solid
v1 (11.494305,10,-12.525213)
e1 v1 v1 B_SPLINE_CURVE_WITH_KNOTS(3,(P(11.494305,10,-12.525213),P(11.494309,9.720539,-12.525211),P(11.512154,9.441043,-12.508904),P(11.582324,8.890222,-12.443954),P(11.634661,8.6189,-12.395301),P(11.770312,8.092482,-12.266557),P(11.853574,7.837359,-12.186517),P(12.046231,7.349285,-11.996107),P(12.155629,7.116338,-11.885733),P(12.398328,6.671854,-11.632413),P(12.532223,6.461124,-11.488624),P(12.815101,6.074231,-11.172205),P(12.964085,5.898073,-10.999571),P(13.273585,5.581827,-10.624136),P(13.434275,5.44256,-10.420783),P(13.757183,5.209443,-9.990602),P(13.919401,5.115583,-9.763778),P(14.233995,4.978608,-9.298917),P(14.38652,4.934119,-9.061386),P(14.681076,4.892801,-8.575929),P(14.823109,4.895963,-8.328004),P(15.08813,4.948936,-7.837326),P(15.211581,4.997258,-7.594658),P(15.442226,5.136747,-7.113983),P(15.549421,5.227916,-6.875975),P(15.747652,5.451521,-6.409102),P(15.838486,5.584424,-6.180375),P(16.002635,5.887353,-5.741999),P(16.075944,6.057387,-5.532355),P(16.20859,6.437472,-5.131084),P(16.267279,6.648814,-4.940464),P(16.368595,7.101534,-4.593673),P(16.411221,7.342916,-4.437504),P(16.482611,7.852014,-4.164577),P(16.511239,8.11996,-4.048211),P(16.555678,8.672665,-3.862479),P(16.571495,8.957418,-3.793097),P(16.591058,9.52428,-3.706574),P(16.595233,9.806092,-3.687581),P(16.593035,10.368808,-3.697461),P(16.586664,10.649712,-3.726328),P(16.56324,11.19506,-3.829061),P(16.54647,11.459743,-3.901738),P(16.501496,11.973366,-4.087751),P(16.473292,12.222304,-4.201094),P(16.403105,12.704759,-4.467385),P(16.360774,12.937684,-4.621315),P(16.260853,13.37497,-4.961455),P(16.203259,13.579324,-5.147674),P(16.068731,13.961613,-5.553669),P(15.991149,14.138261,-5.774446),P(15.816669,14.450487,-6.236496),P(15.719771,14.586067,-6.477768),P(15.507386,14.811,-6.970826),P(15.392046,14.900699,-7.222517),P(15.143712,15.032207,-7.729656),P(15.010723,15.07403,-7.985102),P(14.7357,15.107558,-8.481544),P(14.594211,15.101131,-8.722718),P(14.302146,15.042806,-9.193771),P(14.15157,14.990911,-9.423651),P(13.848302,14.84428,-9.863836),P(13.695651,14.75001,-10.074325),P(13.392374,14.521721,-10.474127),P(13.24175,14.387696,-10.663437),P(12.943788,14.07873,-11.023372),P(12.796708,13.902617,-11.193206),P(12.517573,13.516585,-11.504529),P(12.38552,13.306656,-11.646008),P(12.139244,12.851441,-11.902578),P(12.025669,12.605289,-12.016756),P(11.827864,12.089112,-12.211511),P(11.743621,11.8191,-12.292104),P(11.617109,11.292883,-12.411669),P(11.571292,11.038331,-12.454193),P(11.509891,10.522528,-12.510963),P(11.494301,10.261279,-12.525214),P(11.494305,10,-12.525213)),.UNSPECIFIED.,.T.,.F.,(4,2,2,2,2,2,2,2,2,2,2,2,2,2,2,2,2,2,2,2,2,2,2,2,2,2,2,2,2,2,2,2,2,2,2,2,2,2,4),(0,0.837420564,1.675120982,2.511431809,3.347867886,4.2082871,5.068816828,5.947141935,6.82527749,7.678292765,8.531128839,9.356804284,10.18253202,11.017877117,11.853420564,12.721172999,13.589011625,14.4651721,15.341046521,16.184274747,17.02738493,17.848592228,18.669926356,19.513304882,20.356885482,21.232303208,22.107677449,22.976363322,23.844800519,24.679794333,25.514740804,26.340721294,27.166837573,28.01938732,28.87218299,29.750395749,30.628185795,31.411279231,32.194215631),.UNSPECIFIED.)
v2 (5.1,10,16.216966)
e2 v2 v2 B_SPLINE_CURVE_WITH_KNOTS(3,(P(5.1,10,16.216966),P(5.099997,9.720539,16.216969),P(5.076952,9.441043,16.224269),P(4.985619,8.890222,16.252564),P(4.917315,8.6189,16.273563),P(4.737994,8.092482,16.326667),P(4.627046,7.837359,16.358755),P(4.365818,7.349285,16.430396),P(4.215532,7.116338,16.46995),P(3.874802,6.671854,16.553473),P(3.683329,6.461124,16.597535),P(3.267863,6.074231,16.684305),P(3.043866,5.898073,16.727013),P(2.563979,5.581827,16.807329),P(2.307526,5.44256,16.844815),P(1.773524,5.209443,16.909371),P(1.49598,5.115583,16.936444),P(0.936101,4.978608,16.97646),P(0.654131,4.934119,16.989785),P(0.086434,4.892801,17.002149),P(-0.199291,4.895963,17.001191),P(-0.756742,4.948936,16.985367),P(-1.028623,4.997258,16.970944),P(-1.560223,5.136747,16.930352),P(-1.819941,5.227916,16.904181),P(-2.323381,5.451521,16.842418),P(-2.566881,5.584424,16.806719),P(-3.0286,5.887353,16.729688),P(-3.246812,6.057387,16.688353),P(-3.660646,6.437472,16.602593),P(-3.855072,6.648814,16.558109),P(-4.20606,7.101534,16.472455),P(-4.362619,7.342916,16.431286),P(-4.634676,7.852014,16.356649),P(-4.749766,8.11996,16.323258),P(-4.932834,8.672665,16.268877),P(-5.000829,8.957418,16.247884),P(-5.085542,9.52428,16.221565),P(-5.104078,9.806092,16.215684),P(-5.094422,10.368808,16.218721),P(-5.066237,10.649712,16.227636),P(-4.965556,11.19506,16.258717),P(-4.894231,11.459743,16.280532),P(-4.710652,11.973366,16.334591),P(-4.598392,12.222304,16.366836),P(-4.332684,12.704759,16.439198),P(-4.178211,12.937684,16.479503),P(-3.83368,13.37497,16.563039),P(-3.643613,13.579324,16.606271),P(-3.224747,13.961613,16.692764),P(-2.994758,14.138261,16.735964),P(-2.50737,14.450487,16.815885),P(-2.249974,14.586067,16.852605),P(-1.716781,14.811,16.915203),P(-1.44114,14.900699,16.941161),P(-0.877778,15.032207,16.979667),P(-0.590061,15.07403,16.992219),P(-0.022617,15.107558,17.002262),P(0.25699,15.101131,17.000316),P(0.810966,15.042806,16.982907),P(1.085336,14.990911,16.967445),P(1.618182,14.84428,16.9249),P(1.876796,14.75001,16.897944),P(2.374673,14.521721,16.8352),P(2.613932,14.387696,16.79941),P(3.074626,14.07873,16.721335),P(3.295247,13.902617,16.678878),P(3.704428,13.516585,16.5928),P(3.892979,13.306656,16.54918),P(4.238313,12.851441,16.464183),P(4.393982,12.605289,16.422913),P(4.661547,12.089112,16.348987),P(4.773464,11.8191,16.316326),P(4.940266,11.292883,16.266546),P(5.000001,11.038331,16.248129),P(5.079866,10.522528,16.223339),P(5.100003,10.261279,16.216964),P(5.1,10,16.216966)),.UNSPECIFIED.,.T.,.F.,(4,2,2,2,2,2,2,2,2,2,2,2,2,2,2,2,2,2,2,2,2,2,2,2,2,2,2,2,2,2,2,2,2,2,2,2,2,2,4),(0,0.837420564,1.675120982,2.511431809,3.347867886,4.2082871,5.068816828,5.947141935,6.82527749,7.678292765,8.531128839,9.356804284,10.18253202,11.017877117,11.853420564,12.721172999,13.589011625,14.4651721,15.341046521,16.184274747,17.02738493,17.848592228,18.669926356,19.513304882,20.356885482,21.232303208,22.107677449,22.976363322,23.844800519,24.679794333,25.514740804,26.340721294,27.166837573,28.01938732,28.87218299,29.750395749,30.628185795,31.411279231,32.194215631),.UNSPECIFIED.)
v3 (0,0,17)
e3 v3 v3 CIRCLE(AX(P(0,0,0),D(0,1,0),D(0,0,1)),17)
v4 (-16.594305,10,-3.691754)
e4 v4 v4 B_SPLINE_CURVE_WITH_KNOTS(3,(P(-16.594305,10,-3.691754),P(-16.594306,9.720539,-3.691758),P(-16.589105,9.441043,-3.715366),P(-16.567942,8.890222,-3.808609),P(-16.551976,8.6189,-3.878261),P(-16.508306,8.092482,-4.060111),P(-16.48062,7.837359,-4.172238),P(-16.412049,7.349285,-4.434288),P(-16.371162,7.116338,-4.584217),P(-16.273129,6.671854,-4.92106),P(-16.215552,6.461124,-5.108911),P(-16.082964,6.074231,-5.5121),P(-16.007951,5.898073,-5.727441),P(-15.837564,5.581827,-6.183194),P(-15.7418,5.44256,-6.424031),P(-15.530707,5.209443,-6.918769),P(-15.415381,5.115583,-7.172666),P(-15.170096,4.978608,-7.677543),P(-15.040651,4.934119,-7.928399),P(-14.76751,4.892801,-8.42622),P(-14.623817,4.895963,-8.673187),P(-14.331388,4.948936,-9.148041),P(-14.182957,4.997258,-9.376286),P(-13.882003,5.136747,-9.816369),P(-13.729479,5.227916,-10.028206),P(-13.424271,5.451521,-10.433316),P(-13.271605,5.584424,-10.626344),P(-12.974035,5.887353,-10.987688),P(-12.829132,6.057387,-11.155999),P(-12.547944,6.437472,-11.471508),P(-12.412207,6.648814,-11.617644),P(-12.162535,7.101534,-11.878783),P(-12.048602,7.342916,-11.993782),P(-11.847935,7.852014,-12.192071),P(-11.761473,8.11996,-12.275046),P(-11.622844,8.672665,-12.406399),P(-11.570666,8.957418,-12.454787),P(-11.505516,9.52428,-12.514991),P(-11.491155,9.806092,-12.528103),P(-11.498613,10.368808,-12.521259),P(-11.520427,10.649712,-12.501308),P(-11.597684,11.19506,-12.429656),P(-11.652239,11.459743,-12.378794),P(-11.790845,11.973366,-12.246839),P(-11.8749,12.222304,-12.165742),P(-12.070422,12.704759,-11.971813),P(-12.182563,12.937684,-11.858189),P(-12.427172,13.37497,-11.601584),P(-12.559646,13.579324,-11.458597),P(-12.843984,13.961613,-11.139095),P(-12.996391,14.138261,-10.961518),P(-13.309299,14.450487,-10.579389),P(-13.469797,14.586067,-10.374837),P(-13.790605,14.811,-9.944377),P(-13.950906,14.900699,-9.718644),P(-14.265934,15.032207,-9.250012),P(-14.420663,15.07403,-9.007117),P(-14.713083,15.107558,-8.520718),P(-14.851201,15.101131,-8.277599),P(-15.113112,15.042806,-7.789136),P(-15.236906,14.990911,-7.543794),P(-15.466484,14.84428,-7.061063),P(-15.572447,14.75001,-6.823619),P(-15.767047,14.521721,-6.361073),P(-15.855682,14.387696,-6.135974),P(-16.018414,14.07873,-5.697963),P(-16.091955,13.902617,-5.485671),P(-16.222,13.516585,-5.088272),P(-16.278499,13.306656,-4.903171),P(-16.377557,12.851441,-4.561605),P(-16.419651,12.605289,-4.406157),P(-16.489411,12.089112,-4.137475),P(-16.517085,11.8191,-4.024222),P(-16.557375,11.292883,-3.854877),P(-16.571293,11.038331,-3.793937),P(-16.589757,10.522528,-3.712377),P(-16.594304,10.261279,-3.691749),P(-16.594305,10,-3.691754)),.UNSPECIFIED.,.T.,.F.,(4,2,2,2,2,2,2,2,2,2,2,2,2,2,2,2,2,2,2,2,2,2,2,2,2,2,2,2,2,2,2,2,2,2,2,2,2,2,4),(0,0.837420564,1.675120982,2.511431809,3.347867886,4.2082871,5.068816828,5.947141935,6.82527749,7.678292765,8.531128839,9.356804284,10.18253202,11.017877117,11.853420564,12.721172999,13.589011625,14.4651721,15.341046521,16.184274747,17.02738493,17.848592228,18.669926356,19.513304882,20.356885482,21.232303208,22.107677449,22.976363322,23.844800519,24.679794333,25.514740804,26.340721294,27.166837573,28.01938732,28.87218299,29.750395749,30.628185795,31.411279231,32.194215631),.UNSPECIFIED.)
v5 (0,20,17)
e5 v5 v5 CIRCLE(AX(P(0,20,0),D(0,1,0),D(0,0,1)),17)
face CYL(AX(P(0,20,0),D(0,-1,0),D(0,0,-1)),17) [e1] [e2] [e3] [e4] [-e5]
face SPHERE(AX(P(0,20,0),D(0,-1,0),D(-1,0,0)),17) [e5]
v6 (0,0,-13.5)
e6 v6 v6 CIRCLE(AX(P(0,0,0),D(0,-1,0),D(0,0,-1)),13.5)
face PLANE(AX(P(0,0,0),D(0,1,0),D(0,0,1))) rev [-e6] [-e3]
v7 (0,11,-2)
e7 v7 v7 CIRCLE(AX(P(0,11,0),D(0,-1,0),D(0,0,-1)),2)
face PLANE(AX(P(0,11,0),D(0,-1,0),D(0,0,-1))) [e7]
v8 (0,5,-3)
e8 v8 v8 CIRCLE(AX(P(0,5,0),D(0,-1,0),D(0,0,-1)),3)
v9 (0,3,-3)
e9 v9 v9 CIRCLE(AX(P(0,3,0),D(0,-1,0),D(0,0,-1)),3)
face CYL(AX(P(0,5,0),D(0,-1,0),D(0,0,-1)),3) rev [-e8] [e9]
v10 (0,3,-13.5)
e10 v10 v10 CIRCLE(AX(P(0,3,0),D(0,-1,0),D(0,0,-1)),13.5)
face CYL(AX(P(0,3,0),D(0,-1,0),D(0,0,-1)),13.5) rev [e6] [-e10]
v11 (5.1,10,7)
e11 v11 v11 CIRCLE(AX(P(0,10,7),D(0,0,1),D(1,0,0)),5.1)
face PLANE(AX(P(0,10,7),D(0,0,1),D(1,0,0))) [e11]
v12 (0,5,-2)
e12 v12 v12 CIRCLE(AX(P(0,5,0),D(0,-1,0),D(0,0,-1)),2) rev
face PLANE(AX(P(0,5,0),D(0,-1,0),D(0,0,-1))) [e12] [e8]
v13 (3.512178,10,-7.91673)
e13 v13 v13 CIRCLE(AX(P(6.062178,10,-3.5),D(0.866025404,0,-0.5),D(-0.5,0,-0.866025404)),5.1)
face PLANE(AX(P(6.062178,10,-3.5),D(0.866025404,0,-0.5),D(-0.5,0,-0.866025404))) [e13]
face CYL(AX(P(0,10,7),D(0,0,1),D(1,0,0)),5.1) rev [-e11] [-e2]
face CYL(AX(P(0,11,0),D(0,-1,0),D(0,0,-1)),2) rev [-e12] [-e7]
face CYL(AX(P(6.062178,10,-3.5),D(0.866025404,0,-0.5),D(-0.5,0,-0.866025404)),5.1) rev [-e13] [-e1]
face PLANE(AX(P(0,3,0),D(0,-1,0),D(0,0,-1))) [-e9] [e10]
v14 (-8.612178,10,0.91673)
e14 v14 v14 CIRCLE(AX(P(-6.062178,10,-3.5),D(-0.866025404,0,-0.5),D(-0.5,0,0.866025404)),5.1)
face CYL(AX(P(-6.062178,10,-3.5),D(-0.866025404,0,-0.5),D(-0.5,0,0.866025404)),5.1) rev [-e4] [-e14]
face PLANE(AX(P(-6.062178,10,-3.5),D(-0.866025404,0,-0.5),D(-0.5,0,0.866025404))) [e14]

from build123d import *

# Parameters (mm, degrees)
CIRKEL_R                   = 17
CILINDER_DEPTH             = 20
CIRKEL_GAT_R               = 5.1
OPENING_DEPTH              = 10
GATEN_PATROON_COUNT        = 3
CIRKEL1_R                  = 13.5
OPENING_OPZET_DEPTH        = 3
CIRKEL2_R                  = 2
GAT_VERLOOPSTUK_DEPTH      = 8
CIRKEL3_R                  = 3
GAT_VERLOOPSTUK_RAND_DEPTH = 2


with BuildPart() as part:
    # cirkel → cilinder (new body)
    with BuildSketch(Plane(origin=(0, 0, 0), x_dir=(1, 0, 0), z_dir=(0, 1, 0))):
        with Locations(Location((0, 0, 0), (0, 0, 270))):
            Circle(CIRKEL_R)
    extrude(amount=CILINDER_DEPTH)

    # boog → bol (revolve)
    with BuildSketch(Plane.XY):
        with BuildLine():
            Line((0, 20), (0, 37))
            ThreePointArc((0, 37), (-12.02081528, 32.02081528), (-17, 20))
            Line((-17, 20), (0, 20))
        make_face()
    revolve(axis=Axis((0, 20, 0), (0, 1, 0)))

    # cirkel_gat → opening (cut)
    with BuildSketch(Plane.XY.offset(17)):
        with Locations((0, 10)):
            Circle(CIRKEL_GAT_R)
    opening = extrude(amount=-OPENING_DEPTH, mode=Mode.SUBTRACT)

    # gaten_patroon: opening ×3 about axis
    gaten_patroon_axis = Axis((0, 0, 0), (0, 1, 0))
    for i in range(1, GATEN_PATROON_COUNT):
        add(opening.rotate(gaten_patroon_axis, i * 360 / GATEN_PATROON_COUNT), mode=Mode.SUBTRACT)

    # cirkel1 → opening_opzet (cut)
    with BuildSketch(Plane(origin=(0, 0, 0), x_dir=(-1, 0, 0), z_dir=(0, -1, 0))):
        with Locations(Location((0, 0, 0), (0, 0, 90))):
            Circle(CIRKEL1_R)
    extrude(amount=-OPENING_OPZET_DEPTH, mode=Mode.SUBTRACT)

    # cirkel2 → gat_verloopstuk (cut)
    with BuildSketch(Plane(origin=(0, 3, 0), x_dir=(-1, 0, 0), z_dir=(0, -1, 0))):
        with Locations(Location((0, 0, 0), (0, 0, 90))):
            Circle(CIRKEL2_R)
    extrude(amount=-GAT_VERLOOPSTUK_DEPTH, mode=Mode.SUBTRACT)

    # cirkel3 → gat_verloopstuk_rand (cut)
    with BuildSketch(Plane.XZ.offset(-3)):
        with Locations(Location((0, 0, 0), (0, 0, 270))):
            Circle(CIRKEL3_R)
    extrude(amount=-GAT_VERLOOPSTUK_RAND_DEPTH, mode=Mode.SUBTRACT)


solid = part.part
